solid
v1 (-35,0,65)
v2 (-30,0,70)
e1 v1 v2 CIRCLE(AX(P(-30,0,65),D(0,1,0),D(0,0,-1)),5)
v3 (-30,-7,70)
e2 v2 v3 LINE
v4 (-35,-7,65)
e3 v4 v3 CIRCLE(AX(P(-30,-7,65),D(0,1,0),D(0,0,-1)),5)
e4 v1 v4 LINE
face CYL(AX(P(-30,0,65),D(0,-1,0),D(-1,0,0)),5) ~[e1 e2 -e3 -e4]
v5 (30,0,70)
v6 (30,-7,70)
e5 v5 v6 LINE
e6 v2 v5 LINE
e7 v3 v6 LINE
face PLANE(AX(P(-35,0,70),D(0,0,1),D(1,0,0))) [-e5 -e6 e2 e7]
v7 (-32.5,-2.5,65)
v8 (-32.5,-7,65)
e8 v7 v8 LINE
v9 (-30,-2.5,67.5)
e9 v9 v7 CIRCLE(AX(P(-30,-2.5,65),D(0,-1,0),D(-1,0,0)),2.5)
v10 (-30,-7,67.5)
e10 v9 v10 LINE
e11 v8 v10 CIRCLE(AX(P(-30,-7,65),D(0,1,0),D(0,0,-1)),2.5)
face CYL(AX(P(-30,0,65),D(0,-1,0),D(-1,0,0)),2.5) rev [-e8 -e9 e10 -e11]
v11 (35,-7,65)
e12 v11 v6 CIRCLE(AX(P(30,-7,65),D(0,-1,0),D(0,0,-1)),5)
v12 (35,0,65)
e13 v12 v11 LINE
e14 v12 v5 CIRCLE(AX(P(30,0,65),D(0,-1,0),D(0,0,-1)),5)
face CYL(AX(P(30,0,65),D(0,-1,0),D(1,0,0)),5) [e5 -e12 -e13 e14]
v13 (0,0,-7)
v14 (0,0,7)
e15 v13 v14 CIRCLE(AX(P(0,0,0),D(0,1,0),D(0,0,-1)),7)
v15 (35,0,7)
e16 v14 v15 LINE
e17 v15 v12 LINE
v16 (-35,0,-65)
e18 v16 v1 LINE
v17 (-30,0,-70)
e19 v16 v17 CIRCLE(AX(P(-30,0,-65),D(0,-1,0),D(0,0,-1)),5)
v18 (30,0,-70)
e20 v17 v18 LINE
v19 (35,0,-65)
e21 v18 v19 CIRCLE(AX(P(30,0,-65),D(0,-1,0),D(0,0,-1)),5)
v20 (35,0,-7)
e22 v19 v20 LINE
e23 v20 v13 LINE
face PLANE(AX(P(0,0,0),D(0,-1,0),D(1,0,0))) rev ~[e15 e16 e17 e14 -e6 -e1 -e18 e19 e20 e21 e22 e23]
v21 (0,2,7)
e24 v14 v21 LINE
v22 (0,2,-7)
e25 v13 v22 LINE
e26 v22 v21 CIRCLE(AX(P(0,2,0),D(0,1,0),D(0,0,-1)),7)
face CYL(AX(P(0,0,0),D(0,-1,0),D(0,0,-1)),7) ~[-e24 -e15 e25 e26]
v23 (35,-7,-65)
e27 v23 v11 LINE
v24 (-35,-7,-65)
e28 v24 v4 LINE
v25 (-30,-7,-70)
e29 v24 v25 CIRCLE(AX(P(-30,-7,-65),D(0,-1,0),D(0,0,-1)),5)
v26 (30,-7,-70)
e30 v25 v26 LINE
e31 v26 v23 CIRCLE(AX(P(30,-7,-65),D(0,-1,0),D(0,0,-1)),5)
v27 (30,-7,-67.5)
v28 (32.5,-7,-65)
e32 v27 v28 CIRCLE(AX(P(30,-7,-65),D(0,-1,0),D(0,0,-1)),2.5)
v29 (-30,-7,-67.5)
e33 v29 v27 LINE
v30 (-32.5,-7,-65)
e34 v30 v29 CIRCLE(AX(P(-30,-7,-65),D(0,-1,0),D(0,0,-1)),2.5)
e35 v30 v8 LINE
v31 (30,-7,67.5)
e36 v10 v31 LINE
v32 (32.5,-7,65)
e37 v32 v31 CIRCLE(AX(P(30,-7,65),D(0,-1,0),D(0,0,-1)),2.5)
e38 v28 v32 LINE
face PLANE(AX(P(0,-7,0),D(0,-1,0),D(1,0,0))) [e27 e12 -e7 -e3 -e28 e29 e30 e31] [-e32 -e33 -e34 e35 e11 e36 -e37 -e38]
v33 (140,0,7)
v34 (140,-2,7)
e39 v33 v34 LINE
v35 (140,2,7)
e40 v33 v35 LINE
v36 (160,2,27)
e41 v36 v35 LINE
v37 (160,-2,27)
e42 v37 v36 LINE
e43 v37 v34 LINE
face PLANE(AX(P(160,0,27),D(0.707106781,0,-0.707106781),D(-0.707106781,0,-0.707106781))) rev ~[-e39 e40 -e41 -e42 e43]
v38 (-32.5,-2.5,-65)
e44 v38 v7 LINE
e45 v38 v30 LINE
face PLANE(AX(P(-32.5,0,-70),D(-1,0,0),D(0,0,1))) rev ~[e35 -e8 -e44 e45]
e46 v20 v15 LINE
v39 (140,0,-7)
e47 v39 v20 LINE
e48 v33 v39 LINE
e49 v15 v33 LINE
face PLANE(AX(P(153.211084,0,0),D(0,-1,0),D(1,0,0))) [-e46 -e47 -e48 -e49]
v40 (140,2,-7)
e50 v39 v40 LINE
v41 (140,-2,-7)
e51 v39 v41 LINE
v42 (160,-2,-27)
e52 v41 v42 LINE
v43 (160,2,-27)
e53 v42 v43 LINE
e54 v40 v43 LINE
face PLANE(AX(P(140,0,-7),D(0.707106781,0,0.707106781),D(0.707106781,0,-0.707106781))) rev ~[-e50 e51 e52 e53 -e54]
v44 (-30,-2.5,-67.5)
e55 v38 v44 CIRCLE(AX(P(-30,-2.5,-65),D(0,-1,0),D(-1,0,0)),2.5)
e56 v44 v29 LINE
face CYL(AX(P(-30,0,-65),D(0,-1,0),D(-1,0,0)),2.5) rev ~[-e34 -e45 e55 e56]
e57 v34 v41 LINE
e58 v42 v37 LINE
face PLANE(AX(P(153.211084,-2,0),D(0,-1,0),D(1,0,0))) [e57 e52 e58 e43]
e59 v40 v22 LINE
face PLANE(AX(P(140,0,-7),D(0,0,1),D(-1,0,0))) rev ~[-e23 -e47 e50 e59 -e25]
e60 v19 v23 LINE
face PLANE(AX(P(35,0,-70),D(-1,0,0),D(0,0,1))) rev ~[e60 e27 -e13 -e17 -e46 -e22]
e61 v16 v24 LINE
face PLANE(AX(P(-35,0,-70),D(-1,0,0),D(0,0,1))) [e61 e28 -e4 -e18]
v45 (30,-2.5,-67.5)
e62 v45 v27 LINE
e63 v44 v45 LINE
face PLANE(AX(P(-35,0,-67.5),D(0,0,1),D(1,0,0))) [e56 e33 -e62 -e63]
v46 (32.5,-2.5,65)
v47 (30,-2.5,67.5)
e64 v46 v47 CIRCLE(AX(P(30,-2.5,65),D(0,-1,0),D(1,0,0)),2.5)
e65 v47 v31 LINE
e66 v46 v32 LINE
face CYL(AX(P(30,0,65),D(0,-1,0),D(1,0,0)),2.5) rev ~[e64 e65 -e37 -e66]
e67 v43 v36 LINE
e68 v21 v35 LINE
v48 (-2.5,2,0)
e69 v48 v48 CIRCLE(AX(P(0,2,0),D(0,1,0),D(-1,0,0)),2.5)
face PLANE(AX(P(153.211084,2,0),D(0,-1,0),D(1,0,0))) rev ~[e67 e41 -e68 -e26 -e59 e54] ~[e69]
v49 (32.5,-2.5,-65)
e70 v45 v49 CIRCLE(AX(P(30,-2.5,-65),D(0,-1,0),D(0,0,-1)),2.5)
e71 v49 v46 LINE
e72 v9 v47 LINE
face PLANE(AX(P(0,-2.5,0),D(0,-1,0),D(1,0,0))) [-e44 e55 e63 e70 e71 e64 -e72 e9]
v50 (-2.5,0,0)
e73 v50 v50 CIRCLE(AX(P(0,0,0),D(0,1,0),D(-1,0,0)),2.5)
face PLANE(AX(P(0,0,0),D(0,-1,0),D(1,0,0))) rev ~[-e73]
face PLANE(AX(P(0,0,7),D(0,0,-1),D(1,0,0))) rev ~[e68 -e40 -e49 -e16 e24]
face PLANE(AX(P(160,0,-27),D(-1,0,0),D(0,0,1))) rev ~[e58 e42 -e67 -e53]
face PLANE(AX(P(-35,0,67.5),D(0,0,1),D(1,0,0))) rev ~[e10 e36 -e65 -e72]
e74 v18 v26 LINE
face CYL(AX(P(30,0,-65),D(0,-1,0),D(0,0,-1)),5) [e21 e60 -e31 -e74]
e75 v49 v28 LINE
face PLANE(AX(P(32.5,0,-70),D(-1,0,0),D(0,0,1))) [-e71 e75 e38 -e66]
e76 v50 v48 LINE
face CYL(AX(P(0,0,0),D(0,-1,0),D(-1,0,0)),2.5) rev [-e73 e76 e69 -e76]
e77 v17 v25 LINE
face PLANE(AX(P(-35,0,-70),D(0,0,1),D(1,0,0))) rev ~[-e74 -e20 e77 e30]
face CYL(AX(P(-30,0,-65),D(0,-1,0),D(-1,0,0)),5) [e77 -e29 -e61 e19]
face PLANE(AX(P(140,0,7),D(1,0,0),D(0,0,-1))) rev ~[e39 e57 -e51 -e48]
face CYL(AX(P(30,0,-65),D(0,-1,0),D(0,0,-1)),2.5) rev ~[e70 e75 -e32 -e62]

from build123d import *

# Parameters (mm, degrees)
F0_W          = 70
F0_H          = 140
F1_DEPTH      = 7
F2_R          = 5
F3_T          = -2.5
F4_W          = 105
F4_H          = 14
F4_R          = 2.5
F5_DEPTH      = 2
F7_DEPTH      = 2
F7_DEPTH_BACK = 2


with BuildPart() as f1:
    # F0 (on Front) → F1 (new body)
    with BuildSketch(Plane.XZ):
        Rectangle(F0_W, F0_H)
    extrude(amount=F1_DEPTH)

    # F2
    f2_edges = [f1.edges().sort_by_distance(p)[0] for p in [
        (35, -3.5, 70),
        (35, -3.5, -70),
        (-35, -3.5, -70),
        (-35, -3.5, 70),
    ]]
    fillet(f2_edges, radius=F2_R)

    # F3
    f3_openings = [f1.faces().sort_by_distance(p)[0] for p in [
        (0, -7, 0),
    ]]
    offset(amount=F3_T, openings=f3_openings)

    # F4 (on face) → F5 (join)
    with BuildSketch(Plane(origin=(0, 0, 0), x_dir=(-1, 0, 0), z_dir=(0, 1, 0))):
        with Locations((-87.5, 0)):
            Rectangle(F4_W, F4_H)
        with BuildLine():
            Line((-35, -7), (0, -7))
            ThreePointArc((0, -7), (7, 0), (0, 7))
            Line((0, 7), (-35, 7))
            Line((-35, 7), (-35, -7))
        make_face()
        Circle(F4_R, mode=Mode.SUBTRACT)
    extrude(amount=F5_DEPTH)

    # F6 (on face) → F7 (join, two sides)
    with BuildSketch(Plane.XZ) as f7_sk:
        Polygon((160, 27), (140, 7), (140, -7), (160, -27), align=None)
    extrude(amount=-F7_DEPTH)
    extrude(f7_sk.sketch, amount=F7_DEPTH_BACK)


solid = f1.part
